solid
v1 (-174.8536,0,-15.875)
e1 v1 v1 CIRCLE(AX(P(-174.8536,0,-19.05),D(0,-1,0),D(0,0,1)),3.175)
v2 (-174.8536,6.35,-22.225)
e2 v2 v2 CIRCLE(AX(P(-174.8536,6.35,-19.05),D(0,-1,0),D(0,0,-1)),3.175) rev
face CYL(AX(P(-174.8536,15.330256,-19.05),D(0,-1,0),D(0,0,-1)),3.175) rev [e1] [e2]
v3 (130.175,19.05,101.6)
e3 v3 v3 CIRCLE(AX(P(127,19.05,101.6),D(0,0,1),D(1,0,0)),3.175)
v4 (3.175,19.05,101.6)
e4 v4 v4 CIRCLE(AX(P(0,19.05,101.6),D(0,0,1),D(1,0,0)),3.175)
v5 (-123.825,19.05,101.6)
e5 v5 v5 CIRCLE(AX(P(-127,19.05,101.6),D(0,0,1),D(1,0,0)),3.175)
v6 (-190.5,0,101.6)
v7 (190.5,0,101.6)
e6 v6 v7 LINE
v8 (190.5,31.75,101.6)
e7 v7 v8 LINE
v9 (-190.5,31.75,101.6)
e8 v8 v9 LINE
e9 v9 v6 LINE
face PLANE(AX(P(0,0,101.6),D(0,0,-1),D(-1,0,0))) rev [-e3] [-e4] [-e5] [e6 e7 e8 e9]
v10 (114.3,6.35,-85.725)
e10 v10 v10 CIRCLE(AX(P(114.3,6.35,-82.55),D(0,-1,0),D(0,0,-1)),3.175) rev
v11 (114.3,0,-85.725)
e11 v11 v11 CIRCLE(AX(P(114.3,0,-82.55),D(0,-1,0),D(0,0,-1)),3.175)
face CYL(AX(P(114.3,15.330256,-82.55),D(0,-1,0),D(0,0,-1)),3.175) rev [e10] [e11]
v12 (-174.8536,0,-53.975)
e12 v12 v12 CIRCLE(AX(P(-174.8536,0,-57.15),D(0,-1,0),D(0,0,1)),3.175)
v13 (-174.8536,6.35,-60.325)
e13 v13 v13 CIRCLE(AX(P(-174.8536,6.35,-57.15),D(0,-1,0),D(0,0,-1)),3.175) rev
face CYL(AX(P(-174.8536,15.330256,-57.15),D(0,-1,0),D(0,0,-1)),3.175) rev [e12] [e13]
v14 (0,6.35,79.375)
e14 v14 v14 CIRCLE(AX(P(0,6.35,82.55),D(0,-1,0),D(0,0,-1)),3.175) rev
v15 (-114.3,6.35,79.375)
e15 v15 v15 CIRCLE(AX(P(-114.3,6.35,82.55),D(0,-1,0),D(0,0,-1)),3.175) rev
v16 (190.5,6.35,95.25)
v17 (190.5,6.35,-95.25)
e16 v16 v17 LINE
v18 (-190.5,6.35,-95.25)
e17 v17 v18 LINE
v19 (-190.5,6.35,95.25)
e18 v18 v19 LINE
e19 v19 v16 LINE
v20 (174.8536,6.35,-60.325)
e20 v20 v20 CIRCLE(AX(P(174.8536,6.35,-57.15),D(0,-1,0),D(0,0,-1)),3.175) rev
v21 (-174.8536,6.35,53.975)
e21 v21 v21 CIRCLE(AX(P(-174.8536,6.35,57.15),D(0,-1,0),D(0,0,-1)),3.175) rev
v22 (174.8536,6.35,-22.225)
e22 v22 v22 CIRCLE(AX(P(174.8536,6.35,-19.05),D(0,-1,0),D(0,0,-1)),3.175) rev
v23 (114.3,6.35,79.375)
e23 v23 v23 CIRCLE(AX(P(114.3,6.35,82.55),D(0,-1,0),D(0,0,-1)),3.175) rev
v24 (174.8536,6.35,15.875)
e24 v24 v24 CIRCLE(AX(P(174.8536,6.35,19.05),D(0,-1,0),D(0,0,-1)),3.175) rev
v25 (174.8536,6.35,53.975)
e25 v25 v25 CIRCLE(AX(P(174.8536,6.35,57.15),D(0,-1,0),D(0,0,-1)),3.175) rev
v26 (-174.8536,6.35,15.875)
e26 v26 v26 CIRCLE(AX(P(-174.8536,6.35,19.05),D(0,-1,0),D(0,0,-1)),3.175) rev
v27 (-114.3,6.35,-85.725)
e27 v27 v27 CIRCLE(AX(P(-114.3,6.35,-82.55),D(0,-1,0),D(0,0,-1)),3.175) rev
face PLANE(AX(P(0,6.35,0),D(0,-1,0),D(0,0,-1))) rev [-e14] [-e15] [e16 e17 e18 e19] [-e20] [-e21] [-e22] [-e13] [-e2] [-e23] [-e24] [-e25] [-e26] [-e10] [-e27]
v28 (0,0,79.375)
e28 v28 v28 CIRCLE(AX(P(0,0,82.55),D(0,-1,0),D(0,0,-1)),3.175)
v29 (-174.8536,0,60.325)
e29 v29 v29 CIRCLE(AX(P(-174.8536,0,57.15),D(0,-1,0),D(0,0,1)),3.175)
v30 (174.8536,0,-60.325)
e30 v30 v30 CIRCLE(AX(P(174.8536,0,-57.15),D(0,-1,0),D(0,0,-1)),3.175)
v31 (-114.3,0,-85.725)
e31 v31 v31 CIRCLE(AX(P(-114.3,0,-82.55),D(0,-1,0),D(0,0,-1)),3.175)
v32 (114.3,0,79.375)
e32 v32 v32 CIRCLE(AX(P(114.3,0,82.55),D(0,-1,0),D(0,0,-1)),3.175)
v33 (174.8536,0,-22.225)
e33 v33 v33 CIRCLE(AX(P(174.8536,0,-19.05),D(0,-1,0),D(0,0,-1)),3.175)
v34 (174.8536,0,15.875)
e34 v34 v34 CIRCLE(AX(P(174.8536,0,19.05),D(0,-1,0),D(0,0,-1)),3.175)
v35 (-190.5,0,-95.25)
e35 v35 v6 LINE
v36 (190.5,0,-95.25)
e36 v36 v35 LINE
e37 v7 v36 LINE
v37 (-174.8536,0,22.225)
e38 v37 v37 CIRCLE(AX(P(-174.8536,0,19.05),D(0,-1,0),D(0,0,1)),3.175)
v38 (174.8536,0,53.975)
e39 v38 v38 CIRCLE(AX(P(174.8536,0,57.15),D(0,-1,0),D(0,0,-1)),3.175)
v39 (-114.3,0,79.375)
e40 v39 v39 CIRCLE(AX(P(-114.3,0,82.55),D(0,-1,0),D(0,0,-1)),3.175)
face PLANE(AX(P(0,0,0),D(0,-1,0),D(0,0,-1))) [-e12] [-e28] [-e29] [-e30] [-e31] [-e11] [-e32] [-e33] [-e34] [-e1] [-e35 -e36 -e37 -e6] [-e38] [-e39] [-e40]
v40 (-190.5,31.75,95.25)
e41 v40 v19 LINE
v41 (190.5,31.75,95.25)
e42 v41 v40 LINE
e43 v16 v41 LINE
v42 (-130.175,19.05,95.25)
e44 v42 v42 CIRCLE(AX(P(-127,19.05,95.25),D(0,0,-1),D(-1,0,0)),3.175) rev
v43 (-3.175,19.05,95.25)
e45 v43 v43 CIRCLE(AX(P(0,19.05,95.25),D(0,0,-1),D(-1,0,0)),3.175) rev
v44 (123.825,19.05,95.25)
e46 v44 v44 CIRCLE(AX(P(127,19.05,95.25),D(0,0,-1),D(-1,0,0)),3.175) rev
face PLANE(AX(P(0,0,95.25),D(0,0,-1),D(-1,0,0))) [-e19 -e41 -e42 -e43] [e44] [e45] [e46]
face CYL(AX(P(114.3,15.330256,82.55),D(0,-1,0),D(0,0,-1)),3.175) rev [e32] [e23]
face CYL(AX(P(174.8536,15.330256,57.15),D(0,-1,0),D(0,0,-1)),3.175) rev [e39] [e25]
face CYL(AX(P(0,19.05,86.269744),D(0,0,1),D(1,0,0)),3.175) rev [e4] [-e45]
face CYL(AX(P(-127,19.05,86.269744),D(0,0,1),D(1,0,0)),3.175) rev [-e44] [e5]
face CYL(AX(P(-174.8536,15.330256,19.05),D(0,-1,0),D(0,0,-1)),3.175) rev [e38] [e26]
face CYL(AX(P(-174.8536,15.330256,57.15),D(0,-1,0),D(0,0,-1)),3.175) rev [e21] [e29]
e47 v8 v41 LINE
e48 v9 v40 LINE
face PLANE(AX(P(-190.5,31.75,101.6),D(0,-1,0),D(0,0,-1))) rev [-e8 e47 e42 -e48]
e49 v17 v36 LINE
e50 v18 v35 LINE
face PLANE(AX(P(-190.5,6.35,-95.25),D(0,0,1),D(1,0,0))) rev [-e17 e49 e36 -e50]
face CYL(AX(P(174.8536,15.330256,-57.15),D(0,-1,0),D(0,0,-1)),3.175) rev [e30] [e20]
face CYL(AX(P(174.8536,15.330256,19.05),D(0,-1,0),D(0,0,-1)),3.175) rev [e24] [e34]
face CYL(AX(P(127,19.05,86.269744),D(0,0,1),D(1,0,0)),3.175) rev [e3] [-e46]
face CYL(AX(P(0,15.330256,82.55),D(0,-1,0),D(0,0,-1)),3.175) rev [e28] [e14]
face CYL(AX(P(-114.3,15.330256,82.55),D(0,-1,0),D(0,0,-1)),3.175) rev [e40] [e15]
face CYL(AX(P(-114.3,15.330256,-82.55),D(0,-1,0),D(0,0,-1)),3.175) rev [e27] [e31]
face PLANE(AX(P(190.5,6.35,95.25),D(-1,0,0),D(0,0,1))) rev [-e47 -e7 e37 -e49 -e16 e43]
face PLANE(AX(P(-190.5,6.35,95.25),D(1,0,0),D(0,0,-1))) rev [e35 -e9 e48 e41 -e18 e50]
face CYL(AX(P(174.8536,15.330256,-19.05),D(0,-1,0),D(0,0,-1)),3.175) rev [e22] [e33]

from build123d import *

# Parameters (mm, degrees)
SKETCH1_W           = 381
SKETCH1_H           = 190.5
BOSS_EXTRUDE1_DEPTH = 6.35
SKETCH2_W           = 381
SKETCH2_H           = 31.75
BOSS_EXTRUDE2_DEPTH = 6.35
SKETCH3_R           = 3.175
CUT_EXTRUDE1_DEPTH  = 6.35
SKETCH4_R           = 3.175
CUT_EXTRUDE2_DEPTH  = 6.35
SKETCH5_R           = 3.175
CUT_EXTRUDE3_DEPTH  = 6.35


with BuildPart() as part:
    # Sketch1 → Boss-Extrude1 (new body)
    with BuildSketch(Plane(origin=(0, 0, 0), x_dir=(1, 0, 0), z_dir=(0, 1, 0))):
        Rectangle(SKETCH1_W, SKETCH1_H)
    extrude(amount=BOSS_EXTRUDE1_DEPTH)

    # Sketch2 → Boss-Extrude2 (add)
    with BuildSketch(Plane.XY.offset(95.25)):
        with Locations((0, 15.875)):
            Rectangle(SKETCH2_W, SKETCH2_H)
    extrude(amount=BOSS_EXTRUDE2_DEPTH)

    # Sketch3 → Cut-Extrude1 (cut)
    with BuildSketch(Plane.XY.offset(101.6)):
        with Locations((0, 19.05)):
            Circle(SKETCH3_R)
        with Locations((-127, 19.05)):
            Circle(SKETCH3_R)
        with Locations((127, 19.05)):
            Circle(SKETCH3_R)
    extrude(amount=-CUT_EXTRUDE1_DEPTH, mode=Mode.SUBTRACT)

    # Sketch4 → Cut-Extrude2 (cut)
    with BuildSketch(Plane.XZ):
        with Locations((0, 82.55)):
            Circle(SKETCH4_R)
        with Locations((-114.3, 82.55)):
            Circle(SKETCH4_R)
        with Locations((114.3, 82.55)):
            Circle(SKETCH4_R)
        with Locations((-114.3, -82.55)):
            Circle(SKETCH4_R)
        with Locations((114.3, -82.55)):
            Circle(SKETCH4_R)
    extrude(amount=-CUT_EXTRUDE2_DEPTH, mode=Mode.SUBTRACT)

    # Sketch5 → Cut-Extrude3 (cut)
    with BuildSketch(Plane.XZ):
        with Locations((174.8536, 57.15)):
            Circle(SKETCH5_R)
        with Locations((174.8536, 19.05)):
            Circle(SKETCH5_R)
        with Locations((174.8536, -19.05)):
            Circle(SKETCH5_R)
        with Locations((174.8536, -57.15)):
            Circle(SKETCH5_R)
        with Locations((-174.8536, -57.15)):
            Circle(SKETCH5_R)
        with Locations((-174.8536, -19.05)):
            Circle(SKETCH5_R)
        with Locations((-174.8536, 19.05)):
            Circle(SKETCH5_R)
        with Locations((-174.8536, 57.15)):
            Circle(SKETCH5_R)
    extrude(amount=-CUT_EXTRUDE3_DEPTH, mode=Mode.SUBTRACT)


solid = part.part
